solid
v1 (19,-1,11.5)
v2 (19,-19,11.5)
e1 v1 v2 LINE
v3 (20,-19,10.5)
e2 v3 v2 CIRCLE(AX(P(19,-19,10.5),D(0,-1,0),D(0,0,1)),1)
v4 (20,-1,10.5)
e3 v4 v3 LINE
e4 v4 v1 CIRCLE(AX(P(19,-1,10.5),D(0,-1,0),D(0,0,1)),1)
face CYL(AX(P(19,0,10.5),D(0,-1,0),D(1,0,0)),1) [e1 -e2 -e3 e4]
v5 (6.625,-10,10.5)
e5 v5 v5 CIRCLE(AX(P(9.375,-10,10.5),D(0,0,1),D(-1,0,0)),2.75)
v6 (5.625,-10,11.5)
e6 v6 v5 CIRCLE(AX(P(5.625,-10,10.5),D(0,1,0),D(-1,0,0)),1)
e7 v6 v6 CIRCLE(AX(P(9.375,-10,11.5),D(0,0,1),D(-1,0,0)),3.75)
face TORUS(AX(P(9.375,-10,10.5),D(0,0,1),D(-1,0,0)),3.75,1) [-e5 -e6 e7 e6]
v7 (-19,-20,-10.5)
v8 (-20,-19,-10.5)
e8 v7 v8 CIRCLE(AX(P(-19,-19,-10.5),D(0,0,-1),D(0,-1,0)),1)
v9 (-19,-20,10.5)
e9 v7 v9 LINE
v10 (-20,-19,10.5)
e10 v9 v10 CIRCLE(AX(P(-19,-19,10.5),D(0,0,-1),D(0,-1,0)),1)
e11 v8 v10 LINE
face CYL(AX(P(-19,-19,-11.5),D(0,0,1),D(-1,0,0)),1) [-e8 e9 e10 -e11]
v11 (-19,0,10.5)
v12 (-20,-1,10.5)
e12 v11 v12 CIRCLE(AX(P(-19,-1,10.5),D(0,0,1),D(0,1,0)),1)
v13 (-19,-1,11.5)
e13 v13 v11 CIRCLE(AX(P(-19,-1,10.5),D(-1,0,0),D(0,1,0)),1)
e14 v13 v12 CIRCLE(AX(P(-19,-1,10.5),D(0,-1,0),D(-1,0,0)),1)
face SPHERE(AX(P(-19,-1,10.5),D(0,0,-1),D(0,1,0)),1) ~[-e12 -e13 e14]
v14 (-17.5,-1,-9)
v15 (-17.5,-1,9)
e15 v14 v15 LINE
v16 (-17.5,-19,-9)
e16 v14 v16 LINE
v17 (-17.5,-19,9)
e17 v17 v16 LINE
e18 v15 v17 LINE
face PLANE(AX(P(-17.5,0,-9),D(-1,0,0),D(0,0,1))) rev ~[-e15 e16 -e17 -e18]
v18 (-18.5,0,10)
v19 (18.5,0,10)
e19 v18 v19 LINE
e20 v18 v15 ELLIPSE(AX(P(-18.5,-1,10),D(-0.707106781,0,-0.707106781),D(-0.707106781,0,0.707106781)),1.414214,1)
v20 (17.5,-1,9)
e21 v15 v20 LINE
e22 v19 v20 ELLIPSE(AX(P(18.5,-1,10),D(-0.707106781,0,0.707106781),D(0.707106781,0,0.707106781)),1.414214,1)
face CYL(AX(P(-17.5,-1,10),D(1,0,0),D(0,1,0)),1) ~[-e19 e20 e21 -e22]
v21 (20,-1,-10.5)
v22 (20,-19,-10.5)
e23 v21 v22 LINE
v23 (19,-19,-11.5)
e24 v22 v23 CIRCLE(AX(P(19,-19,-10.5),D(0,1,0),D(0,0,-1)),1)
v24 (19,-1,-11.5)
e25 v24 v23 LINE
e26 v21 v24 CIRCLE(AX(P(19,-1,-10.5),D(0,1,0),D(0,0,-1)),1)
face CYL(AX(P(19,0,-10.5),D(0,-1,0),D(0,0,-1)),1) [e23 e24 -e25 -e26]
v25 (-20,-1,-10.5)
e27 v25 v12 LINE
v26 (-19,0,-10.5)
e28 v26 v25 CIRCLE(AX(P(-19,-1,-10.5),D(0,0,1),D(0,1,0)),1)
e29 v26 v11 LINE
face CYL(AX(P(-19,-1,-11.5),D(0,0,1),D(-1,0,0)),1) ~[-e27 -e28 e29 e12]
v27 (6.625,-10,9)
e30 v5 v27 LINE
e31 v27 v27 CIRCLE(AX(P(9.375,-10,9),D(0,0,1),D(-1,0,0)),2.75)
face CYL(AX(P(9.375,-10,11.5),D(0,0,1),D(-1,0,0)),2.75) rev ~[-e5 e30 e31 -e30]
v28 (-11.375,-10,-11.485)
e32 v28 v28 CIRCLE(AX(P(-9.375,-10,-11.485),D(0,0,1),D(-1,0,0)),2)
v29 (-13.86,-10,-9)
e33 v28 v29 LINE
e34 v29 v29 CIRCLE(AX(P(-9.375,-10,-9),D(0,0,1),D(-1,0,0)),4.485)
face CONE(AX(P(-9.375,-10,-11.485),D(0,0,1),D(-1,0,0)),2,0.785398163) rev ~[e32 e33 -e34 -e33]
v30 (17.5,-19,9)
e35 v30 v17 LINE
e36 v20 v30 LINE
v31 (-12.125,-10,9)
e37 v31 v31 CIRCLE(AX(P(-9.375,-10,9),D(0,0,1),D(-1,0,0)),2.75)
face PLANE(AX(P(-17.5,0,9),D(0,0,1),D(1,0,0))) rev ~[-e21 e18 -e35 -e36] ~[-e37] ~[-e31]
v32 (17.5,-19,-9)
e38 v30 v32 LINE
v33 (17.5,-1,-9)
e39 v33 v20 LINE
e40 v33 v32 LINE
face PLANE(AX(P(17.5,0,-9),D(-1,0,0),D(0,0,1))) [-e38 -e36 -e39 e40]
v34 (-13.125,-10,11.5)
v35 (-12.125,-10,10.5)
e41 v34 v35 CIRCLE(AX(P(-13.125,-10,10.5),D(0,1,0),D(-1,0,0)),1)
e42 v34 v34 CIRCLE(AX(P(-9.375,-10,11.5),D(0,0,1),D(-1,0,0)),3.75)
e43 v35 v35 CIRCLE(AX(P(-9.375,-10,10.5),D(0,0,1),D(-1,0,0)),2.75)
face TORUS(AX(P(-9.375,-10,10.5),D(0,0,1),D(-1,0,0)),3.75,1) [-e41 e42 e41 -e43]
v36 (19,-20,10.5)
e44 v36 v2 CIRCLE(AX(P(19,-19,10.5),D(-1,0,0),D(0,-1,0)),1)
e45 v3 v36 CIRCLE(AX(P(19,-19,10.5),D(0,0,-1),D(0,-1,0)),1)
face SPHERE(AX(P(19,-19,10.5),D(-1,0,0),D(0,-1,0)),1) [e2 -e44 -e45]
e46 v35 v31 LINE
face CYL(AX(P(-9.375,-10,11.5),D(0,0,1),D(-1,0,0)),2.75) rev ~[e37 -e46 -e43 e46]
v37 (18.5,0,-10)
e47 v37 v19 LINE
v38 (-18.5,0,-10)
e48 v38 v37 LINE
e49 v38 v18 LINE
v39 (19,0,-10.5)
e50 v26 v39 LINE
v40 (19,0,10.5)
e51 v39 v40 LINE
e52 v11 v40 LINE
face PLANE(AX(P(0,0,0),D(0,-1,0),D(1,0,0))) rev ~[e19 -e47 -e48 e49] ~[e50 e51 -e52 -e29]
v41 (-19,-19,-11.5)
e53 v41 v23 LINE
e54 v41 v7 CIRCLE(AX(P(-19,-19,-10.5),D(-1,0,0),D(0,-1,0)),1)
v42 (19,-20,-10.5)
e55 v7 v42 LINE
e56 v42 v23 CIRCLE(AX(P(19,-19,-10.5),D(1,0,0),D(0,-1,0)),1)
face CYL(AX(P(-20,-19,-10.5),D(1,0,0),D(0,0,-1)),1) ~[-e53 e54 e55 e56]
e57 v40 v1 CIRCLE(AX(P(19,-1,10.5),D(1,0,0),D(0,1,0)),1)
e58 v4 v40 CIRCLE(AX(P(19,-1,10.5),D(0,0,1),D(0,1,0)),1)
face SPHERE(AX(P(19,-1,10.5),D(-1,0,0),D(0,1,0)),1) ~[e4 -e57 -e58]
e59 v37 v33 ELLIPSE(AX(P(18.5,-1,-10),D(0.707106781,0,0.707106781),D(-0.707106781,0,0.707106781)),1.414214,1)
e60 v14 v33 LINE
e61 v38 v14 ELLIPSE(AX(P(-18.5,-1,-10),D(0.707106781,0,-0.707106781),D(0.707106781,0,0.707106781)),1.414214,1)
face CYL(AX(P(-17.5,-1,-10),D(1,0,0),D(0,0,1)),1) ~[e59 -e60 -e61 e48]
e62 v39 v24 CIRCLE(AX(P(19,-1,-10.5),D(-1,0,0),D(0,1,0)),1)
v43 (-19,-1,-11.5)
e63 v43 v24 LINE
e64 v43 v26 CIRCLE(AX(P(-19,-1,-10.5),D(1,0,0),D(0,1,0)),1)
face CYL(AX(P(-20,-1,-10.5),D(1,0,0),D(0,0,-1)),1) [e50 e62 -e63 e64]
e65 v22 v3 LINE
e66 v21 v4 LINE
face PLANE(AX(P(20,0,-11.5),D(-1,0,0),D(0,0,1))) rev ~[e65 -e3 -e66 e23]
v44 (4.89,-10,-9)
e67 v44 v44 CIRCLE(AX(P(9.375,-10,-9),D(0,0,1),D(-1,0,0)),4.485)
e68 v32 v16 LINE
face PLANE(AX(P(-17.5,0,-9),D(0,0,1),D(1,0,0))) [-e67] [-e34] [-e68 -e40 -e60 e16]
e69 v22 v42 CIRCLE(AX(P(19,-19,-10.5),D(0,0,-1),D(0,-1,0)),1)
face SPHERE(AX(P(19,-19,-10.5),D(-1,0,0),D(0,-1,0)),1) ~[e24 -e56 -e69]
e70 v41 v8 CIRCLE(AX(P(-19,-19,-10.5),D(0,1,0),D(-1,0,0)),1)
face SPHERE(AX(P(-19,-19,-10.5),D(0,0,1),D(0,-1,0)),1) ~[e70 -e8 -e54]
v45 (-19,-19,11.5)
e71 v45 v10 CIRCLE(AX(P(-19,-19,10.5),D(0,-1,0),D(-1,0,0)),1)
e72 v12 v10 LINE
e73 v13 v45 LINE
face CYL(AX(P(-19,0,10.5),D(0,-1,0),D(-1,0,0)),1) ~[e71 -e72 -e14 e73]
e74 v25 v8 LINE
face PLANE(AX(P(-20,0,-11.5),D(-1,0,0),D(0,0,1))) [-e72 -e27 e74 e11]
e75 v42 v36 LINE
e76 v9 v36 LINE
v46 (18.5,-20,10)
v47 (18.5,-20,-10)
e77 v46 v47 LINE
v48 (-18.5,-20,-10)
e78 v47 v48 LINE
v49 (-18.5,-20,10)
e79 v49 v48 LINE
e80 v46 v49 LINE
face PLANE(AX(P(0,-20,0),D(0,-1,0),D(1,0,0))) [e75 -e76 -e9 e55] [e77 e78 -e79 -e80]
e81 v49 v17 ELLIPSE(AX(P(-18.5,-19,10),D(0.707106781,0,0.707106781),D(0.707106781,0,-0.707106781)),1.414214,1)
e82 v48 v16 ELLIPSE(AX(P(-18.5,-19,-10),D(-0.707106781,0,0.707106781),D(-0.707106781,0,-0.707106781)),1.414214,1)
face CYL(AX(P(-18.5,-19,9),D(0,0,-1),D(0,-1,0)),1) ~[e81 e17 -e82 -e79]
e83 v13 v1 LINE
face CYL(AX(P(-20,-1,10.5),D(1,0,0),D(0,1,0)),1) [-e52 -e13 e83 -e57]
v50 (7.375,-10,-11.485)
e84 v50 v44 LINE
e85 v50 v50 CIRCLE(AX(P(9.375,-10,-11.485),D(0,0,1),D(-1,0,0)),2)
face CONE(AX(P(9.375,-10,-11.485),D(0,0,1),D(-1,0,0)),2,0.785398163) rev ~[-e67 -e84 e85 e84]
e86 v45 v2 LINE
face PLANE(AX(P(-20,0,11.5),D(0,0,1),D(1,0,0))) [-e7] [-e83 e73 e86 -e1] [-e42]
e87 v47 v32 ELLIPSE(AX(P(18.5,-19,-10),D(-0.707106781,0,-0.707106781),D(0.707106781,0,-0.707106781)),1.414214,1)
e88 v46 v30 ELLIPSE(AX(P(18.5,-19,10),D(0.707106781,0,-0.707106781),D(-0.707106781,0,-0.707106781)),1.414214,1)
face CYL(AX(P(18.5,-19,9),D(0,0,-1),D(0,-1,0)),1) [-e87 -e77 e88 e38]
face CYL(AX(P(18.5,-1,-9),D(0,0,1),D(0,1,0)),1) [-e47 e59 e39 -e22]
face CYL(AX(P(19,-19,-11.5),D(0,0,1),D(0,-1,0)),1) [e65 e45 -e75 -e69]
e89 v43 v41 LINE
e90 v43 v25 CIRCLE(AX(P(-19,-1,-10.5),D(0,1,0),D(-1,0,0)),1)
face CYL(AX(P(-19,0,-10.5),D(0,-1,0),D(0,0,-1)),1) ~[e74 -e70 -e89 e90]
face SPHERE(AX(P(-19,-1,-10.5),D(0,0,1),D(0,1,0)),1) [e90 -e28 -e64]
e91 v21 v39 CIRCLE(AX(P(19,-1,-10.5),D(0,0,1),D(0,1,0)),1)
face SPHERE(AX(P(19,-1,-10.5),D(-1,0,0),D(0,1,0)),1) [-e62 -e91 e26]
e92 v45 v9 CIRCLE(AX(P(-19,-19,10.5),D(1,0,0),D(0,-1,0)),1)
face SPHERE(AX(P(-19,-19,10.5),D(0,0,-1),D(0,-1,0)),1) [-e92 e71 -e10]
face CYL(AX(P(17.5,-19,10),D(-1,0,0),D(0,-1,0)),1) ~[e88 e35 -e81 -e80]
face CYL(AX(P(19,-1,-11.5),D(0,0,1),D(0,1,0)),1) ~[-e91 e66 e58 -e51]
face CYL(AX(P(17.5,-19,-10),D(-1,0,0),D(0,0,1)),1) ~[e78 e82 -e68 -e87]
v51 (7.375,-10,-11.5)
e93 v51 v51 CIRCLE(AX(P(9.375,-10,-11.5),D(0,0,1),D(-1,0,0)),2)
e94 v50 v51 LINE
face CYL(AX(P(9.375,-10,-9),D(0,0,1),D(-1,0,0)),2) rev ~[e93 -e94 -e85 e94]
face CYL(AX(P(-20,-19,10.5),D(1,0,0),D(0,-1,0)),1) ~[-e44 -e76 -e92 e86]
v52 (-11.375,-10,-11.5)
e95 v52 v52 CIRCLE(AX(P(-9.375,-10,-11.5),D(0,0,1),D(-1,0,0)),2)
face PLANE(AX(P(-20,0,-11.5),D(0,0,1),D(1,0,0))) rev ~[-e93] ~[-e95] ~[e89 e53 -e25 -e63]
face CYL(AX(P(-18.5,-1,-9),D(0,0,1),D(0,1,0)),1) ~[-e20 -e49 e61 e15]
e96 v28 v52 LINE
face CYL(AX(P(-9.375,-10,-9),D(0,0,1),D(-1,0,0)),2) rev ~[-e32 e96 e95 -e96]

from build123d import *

# Parameters (mm, degrees)
SKETCH_W          = 40
SKETCH_H          = 23
PAD_DEPTH         = 20
SKETCH001_W       = 35
SKETCH001_H       = 18
POCKET_DEPTH      = 0.001
POCKET_DEPTH_BACK = 20.001
SKETCH002_R       = 2.75
POCKET001_DEPTH   = 3.5
SKETCH003_R       = 2
POCKET002_DEPTH   = 2.5
CHAMFER_SIZE      = 2.485
FILLET_R          = 1
FILLET001_R       = 1


with BuildPart() as part:
    # Sketch → Pad (new body)
    with BuildSketch(Plane.XZ):
        Rectangle(SKETCH_W, SKETCH_H)
    extrude(amount=PAD_DEPTH)

    # Sketch001 → Pocket (cut, two sides)
    with BuildSketch(Plane.XZ) as pocket_sk:
        Rectangle(SKETCH001_W, SKETCH001_H)
    extrude(amount=-POCKET_DEPTH, mode=Mode.SUBTRACT)
    extrude(pocket_sk.sketch, amount=POCKET_DEPTH_BACK, mode=Mode.SUBTRACT)

    # Sketch002 (on DatumPlane) → Pocket001 (cut)
    with BuildSketch(Plane(origin=(0, 0, 11.5), x_dir=(-1, 0, 0), z_dir=(0, 0, 1))):
        with Locations((-9.375, 10)):
            Circle(SKETCH002_R)
        with Locations((9.375, 10)):
            Circle(SKETCH002_R)
    extrude(amount=-POCKET001_DEPTH, mode=Mode.SUBTRACT)

    # Sketch003 (on DatumPlane) → Pocket002 (cut)
    with BuildSketch(Plane(origin=(0, 0, -9), x_dir=(-1, 0, 0), z_dir=(0, 0, 1))):
        with Locations((-9.375, 10)):
            Circle(SKETCH003_R)
        with Locations((9.375, 10)):
            Circle(SKETCH003_R)
    extrude(amount=-POCKET002_DEPTH, mode=Mode.SUBTRACT)

    # Chamfer
    chamfer_edges = [part.edges().sort_by_distance(p)[0] for p in [
        (-7.375, -10, -9),
        (11.375, -10, -9),
    ]]
    chamfer(chamfer_edges, length=CHAMFER_SIZE)

    # Fillet
    fillet_edges = [part.edges().sort_by_distance(p)[0] for p in [
        (-20, -20, 0),
        (0, -20, 11.5),
        (0, -20, -11.5),
        (20, -20, 0),
        (-17.5, -20, 0),
        (0, -20, 9),
        (17.5, -20, 0),
        (0, -20, -9),
        (-20, 0, 0),
        (0, 0, 11.5),
        (0, 0, -11.5),
        (20, 0, 0),
        (-17.5, 0, 0),
        (0, 0, 9),
        (17.5, 0, 0),
        (0, 0, -9),
        (-20, -10, 11.5),
        (20, -10, 11.5),
        (-20, -10, -11.5),
        (20, -10, -11.5),
    ]]
    fillet(fillet_edges, radius=FILLET_R)

    # Fillet001
    fillet001_edges = [part.edges().sort_by_distance(p)[0] for p in [
        (-6.625, -10, 11.5),
        (12.125, -10, 11.5),
    ]]
    fillet(fillet001_edges, radius=FILLET001_R)


solid = part.part
